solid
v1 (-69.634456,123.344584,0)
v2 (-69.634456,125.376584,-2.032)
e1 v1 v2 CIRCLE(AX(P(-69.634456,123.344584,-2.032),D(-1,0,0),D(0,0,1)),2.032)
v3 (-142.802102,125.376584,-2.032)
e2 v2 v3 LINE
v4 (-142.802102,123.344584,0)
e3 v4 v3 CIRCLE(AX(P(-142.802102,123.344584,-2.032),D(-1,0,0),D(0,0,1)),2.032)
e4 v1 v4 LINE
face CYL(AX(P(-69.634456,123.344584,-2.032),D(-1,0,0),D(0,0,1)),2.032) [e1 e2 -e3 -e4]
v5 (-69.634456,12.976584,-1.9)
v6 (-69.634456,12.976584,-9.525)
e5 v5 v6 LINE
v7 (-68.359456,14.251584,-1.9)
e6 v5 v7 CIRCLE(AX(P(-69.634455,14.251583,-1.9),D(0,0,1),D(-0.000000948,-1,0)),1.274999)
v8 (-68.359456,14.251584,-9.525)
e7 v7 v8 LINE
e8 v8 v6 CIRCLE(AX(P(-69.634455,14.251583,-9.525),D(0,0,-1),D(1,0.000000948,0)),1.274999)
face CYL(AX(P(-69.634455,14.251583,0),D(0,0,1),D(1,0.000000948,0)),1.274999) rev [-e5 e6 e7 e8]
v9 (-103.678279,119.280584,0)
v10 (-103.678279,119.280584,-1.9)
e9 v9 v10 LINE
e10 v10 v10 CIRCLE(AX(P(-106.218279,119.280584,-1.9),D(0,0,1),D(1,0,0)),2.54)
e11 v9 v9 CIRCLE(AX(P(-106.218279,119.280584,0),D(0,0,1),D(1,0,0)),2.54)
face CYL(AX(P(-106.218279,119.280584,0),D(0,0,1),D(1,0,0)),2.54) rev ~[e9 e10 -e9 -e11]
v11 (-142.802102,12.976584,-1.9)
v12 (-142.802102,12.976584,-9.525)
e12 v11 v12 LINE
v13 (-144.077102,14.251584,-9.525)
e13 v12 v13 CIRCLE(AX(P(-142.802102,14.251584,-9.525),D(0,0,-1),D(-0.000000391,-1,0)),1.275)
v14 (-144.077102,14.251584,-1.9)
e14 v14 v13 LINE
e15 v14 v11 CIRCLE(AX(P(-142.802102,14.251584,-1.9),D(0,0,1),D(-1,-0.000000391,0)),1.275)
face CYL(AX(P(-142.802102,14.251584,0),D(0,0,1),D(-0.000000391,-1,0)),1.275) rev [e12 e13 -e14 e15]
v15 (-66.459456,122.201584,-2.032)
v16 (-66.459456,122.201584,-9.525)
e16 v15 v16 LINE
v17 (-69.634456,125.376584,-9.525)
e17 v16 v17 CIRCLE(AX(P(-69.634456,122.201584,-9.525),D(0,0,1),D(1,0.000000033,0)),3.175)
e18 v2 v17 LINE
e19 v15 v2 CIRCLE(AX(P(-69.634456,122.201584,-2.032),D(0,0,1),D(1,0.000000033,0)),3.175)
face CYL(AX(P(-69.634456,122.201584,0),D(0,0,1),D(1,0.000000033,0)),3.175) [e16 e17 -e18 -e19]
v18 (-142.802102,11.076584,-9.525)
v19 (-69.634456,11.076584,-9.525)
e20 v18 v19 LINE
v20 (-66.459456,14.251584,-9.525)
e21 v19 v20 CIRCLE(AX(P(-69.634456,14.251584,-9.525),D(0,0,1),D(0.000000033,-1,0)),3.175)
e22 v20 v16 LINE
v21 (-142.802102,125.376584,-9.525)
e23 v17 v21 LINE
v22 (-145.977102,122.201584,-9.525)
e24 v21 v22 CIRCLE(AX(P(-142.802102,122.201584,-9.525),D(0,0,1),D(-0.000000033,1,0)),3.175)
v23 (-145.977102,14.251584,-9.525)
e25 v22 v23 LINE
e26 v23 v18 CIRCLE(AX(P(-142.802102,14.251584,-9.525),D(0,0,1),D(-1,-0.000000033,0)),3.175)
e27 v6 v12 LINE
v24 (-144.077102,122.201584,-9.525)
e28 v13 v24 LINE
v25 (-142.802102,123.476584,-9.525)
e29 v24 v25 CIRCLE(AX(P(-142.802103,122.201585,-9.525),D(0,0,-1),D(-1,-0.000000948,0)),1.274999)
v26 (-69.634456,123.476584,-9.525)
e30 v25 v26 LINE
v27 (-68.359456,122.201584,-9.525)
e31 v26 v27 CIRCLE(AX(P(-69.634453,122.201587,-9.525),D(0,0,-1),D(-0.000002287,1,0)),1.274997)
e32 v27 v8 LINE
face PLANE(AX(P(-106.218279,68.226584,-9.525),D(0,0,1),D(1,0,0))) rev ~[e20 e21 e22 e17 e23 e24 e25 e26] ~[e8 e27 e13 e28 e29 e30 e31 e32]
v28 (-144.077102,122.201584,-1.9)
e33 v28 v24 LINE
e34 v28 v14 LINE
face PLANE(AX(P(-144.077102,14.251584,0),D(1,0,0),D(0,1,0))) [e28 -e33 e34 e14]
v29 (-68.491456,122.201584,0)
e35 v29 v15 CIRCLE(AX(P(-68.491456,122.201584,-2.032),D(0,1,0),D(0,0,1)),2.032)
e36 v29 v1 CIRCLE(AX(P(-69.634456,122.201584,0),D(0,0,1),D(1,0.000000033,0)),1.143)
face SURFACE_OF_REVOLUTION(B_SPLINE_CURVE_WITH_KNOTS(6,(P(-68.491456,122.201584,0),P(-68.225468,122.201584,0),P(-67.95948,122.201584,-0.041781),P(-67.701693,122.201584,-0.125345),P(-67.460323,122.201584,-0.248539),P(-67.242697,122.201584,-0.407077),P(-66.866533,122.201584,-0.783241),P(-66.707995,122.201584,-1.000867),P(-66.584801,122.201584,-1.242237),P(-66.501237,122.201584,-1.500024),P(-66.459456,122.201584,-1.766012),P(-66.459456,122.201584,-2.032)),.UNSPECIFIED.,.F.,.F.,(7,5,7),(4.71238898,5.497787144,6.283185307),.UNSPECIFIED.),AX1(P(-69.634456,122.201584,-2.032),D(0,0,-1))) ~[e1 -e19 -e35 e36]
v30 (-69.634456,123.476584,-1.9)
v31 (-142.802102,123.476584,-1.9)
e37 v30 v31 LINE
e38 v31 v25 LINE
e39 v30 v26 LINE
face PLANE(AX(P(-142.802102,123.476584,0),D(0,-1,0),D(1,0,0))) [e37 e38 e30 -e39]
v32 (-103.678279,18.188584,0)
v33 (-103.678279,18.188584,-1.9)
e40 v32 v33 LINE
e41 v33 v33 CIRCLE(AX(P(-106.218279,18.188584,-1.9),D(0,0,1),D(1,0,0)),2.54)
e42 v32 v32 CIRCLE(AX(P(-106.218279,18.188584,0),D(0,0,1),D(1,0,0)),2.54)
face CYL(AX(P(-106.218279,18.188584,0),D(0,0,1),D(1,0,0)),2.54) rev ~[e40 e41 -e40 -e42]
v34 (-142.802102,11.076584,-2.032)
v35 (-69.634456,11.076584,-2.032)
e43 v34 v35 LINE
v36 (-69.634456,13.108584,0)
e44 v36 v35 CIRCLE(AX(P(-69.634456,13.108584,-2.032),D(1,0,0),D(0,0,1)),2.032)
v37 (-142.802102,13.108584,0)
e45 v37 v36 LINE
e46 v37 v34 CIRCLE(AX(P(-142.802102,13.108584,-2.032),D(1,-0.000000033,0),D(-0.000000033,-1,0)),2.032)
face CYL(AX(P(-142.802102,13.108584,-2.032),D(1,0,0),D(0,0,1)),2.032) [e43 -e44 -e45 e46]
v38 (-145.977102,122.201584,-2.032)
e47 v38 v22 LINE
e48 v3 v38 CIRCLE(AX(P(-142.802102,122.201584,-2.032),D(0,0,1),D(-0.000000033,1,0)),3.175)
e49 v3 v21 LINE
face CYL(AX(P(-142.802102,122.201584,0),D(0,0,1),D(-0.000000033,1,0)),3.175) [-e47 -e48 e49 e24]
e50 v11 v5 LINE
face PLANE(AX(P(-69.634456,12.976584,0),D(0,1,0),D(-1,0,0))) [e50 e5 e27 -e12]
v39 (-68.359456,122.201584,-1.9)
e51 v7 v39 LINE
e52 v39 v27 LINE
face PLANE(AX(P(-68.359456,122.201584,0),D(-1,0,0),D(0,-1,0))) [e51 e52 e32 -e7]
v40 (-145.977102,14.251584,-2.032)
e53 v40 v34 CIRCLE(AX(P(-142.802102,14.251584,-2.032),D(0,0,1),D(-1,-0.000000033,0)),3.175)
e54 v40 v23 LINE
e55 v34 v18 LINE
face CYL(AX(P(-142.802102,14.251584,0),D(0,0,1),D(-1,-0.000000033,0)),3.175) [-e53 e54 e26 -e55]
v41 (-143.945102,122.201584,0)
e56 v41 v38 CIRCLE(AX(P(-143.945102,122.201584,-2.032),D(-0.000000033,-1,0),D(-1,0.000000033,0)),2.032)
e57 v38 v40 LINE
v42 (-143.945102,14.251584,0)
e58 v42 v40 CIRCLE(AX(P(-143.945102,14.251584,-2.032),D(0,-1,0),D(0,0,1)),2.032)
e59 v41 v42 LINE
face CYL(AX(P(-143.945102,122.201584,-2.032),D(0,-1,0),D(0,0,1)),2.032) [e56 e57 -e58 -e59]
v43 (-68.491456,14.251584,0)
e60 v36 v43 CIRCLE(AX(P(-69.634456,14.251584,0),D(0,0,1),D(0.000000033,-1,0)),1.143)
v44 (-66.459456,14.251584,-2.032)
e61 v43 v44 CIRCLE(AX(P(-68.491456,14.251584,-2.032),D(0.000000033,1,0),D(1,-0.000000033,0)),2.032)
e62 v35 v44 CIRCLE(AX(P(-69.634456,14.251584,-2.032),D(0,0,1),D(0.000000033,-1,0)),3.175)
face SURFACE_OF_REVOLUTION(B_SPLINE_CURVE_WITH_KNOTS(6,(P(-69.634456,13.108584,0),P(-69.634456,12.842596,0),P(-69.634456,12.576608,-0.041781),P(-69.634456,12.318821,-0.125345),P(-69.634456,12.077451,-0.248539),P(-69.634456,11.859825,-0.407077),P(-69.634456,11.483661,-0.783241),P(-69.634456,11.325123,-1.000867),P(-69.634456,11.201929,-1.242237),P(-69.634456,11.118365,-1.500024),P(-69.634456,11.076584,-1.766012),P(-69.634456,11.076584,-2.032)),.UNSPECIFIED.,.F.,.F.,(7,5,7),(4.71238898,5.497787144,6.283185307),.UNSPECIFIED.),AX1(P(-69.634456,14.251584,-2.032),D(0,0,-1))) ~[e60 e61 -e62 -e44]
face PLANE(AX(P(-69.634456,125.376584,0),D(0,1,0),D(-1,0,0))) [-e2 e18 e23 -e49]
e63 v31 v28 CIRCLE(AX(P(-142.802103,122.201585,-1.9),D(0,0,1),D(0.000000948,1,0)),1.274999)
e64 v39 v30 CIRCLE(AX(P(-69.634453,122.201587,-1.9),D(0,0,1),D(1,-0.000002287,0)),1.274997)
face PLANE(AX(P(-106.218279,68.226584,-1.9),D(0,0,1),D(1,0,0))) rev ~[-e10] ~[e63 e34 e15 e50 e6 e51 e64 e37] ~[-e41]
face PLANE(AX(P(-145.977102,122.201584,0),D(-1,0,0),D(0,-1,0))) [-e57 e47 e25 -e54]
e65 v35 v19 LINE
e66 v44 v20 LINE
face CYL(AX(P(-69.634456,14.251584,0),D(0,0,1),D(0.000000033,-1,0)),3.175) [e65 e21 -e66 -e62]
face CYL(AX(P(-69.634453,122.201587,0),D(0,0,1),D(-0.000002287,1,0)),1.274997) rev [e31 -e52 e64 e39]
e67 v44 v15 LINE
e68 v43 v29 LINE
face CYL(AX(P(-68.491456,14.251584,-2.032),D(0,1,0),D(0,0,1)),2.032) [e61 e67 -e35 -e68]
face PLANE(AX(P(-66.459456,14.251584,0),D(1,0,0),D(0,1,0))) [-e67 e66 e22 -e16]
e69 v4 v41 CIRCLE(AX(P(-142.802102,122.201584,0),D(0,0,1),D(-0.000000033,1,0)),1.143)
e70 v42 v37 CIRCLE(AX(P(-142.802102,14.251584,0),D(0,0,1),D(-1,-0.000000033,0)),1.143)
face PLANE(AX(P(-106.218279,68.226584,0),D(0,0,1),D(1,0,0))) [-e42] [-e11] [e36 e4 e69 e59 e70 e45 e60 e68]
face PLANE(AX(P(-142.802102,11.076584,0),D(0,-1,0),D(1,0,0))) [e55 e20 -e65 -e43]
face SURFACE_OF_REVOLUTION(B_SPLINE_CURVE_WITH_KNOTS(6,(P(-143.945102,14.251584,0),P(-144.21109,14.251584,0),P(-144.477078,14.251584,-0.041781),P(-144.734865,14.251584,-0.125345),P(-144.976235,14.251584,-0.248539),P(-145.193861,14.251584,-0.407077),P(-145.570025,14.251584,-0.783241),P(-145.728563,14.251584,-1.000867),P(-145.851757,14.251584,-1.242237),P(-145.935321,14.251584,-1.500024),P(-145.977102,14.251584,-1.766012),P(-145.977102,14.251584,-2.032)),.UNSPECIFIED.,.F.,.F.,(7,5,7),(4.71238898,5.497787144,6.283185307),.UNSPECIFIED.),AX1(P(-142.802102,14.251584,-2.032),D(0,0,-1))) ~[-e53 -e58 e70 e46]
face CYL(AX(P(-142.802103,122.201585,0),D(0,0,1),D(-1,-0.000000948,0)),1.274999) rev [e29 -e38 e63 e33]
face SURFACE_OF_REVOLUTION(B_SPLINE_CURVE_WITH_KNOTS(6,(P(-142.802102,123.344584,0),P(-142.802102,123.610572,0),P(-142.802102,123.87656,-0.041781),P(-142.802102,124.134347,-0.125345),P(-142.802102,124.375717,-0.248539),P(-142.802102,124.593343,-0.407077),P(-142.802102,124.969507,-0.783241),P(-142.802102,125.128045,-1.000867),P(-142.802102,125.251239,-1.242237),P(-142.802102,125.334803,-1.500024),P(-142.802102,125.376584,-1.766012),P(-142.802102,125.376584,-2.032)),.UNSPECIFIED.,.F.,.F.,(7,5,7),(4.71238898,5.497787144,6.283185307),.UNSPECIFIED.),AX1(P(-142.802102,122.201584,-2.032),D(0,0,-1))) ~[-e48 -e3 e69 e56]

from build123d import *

# Parameters (mm, degrees)
F1_DEPTH = 9.525
F0_R     = 2.54
F2_DEPTH = 1.9
F3_R     = 2.032


with BuildPart() as f1:
    # F0 (on Top) → F1 (new body)
    with BuildSketch(Plane.XY):
        with BuildLine():
            ThreePointArc((-69.634456, 11.076584), (-67.389392, 12.00652), (-66.459456, 14.251584))
            Line((-66.459456, 14.251584), (-66.459456, 122.201584))
            ThreePointArc((-66.459456, 122.201584), (-67.389392, 124.446648), (-69.634456, 125.376584))
            Line((-69.634456, 125.376584), (-142.802102, 125.376584))
            ThreePointArc((-142.802102, 125.376584), (-145.047166, 124.446648), (-145.977102, 122.201584))
            Line((-145.977102, 122.201584), (-145.977102, 14.251584))
            ThreePointArc((-145.977102, 14.251584), (-145.047166, 12.00652), (-142.802102, 11.076584))
            Line((-142.802102, 11.076584), (-69.634456, 11.076584))
        make_face()
        with BuildLine():
            ThreePointArc((-69.634456, 123.476584), (-68.732894, 123.103146), (-68.359456, 122.201584))
            Line((-68.359456, 122.201584), (-68.359456, 14.251584))
            ThreePointArc((-68.359456, 14.251584), (-68.732894, 13.350023), (-69.634456, 12.976584))
            Line((-69.634456, 12.976584), (-142.802102, 12.976584))
            ThreePointArc((-142.802102, 12.976584), (-143.703663, 13.350023), (-144.077102, 14.251584))
            Line((-144.077102, 14.251584), (-144.077102, 122.201584))
            ThreePointArc((-144.077102, 122.201584), (-143.703663, 123.103146), (-142.802102, 123.476584))
            Line((-142.802102, 123.476584), (-69.634456, 123.476584))
        make_face(mode=Mode.SUBTRACT)
    extrude(amount=-F1_DEPTH)

    # F0 (on Top) → F2 (join)
    with BuildSketch(Plane.XY):
        with BuildLine():
            Line((-68.359456, 14.251584), (-68.359456, 122.201584))
            ThreePointArc((-68.359456, 122.201584), (-68.732894, 123.103146), (-69.634456, 123.476584))
            Line((-69.634456, 123.476584), (-142.802102, 123.476584))
            ThreePointArc((-142.802102, 123.476584), (-143.703663, 123.103146), (-144.077102, 122.201584))
            Line((-144.077102, 122.201584), (-144.077102, 14.251584))
            ThreePointArc((-144.077102, 14.251584), (-143.703663, 13.350023), (-142.802102, 12.976584))
            Line((-142.802102, 12.976584), (-69.634456, 12.976584))
            ThreePointArc((-69.634456, 12.976584), (-68.732894, 13.350023), (-68.359456, 14.251584))
        make_face()
        with Locations((-106.218279, 18.188584)):
            Circle(F0_R, mode=Mode.SUBTRACT)
        with Locations((-106.218279, 119.280584)):
            Circle(F0_R, mode=Mode.SUBTRACT)
    extrude(amount=-F2_DEPTH)

    # F3
    f3_edges = [f1.edges().sort_by_distance(p)[0] for p in [
        (-106.218279, 125.376584, 0),
    ]]
    fillet(f3_edges, radius=F3_R)


solid = f1.part
